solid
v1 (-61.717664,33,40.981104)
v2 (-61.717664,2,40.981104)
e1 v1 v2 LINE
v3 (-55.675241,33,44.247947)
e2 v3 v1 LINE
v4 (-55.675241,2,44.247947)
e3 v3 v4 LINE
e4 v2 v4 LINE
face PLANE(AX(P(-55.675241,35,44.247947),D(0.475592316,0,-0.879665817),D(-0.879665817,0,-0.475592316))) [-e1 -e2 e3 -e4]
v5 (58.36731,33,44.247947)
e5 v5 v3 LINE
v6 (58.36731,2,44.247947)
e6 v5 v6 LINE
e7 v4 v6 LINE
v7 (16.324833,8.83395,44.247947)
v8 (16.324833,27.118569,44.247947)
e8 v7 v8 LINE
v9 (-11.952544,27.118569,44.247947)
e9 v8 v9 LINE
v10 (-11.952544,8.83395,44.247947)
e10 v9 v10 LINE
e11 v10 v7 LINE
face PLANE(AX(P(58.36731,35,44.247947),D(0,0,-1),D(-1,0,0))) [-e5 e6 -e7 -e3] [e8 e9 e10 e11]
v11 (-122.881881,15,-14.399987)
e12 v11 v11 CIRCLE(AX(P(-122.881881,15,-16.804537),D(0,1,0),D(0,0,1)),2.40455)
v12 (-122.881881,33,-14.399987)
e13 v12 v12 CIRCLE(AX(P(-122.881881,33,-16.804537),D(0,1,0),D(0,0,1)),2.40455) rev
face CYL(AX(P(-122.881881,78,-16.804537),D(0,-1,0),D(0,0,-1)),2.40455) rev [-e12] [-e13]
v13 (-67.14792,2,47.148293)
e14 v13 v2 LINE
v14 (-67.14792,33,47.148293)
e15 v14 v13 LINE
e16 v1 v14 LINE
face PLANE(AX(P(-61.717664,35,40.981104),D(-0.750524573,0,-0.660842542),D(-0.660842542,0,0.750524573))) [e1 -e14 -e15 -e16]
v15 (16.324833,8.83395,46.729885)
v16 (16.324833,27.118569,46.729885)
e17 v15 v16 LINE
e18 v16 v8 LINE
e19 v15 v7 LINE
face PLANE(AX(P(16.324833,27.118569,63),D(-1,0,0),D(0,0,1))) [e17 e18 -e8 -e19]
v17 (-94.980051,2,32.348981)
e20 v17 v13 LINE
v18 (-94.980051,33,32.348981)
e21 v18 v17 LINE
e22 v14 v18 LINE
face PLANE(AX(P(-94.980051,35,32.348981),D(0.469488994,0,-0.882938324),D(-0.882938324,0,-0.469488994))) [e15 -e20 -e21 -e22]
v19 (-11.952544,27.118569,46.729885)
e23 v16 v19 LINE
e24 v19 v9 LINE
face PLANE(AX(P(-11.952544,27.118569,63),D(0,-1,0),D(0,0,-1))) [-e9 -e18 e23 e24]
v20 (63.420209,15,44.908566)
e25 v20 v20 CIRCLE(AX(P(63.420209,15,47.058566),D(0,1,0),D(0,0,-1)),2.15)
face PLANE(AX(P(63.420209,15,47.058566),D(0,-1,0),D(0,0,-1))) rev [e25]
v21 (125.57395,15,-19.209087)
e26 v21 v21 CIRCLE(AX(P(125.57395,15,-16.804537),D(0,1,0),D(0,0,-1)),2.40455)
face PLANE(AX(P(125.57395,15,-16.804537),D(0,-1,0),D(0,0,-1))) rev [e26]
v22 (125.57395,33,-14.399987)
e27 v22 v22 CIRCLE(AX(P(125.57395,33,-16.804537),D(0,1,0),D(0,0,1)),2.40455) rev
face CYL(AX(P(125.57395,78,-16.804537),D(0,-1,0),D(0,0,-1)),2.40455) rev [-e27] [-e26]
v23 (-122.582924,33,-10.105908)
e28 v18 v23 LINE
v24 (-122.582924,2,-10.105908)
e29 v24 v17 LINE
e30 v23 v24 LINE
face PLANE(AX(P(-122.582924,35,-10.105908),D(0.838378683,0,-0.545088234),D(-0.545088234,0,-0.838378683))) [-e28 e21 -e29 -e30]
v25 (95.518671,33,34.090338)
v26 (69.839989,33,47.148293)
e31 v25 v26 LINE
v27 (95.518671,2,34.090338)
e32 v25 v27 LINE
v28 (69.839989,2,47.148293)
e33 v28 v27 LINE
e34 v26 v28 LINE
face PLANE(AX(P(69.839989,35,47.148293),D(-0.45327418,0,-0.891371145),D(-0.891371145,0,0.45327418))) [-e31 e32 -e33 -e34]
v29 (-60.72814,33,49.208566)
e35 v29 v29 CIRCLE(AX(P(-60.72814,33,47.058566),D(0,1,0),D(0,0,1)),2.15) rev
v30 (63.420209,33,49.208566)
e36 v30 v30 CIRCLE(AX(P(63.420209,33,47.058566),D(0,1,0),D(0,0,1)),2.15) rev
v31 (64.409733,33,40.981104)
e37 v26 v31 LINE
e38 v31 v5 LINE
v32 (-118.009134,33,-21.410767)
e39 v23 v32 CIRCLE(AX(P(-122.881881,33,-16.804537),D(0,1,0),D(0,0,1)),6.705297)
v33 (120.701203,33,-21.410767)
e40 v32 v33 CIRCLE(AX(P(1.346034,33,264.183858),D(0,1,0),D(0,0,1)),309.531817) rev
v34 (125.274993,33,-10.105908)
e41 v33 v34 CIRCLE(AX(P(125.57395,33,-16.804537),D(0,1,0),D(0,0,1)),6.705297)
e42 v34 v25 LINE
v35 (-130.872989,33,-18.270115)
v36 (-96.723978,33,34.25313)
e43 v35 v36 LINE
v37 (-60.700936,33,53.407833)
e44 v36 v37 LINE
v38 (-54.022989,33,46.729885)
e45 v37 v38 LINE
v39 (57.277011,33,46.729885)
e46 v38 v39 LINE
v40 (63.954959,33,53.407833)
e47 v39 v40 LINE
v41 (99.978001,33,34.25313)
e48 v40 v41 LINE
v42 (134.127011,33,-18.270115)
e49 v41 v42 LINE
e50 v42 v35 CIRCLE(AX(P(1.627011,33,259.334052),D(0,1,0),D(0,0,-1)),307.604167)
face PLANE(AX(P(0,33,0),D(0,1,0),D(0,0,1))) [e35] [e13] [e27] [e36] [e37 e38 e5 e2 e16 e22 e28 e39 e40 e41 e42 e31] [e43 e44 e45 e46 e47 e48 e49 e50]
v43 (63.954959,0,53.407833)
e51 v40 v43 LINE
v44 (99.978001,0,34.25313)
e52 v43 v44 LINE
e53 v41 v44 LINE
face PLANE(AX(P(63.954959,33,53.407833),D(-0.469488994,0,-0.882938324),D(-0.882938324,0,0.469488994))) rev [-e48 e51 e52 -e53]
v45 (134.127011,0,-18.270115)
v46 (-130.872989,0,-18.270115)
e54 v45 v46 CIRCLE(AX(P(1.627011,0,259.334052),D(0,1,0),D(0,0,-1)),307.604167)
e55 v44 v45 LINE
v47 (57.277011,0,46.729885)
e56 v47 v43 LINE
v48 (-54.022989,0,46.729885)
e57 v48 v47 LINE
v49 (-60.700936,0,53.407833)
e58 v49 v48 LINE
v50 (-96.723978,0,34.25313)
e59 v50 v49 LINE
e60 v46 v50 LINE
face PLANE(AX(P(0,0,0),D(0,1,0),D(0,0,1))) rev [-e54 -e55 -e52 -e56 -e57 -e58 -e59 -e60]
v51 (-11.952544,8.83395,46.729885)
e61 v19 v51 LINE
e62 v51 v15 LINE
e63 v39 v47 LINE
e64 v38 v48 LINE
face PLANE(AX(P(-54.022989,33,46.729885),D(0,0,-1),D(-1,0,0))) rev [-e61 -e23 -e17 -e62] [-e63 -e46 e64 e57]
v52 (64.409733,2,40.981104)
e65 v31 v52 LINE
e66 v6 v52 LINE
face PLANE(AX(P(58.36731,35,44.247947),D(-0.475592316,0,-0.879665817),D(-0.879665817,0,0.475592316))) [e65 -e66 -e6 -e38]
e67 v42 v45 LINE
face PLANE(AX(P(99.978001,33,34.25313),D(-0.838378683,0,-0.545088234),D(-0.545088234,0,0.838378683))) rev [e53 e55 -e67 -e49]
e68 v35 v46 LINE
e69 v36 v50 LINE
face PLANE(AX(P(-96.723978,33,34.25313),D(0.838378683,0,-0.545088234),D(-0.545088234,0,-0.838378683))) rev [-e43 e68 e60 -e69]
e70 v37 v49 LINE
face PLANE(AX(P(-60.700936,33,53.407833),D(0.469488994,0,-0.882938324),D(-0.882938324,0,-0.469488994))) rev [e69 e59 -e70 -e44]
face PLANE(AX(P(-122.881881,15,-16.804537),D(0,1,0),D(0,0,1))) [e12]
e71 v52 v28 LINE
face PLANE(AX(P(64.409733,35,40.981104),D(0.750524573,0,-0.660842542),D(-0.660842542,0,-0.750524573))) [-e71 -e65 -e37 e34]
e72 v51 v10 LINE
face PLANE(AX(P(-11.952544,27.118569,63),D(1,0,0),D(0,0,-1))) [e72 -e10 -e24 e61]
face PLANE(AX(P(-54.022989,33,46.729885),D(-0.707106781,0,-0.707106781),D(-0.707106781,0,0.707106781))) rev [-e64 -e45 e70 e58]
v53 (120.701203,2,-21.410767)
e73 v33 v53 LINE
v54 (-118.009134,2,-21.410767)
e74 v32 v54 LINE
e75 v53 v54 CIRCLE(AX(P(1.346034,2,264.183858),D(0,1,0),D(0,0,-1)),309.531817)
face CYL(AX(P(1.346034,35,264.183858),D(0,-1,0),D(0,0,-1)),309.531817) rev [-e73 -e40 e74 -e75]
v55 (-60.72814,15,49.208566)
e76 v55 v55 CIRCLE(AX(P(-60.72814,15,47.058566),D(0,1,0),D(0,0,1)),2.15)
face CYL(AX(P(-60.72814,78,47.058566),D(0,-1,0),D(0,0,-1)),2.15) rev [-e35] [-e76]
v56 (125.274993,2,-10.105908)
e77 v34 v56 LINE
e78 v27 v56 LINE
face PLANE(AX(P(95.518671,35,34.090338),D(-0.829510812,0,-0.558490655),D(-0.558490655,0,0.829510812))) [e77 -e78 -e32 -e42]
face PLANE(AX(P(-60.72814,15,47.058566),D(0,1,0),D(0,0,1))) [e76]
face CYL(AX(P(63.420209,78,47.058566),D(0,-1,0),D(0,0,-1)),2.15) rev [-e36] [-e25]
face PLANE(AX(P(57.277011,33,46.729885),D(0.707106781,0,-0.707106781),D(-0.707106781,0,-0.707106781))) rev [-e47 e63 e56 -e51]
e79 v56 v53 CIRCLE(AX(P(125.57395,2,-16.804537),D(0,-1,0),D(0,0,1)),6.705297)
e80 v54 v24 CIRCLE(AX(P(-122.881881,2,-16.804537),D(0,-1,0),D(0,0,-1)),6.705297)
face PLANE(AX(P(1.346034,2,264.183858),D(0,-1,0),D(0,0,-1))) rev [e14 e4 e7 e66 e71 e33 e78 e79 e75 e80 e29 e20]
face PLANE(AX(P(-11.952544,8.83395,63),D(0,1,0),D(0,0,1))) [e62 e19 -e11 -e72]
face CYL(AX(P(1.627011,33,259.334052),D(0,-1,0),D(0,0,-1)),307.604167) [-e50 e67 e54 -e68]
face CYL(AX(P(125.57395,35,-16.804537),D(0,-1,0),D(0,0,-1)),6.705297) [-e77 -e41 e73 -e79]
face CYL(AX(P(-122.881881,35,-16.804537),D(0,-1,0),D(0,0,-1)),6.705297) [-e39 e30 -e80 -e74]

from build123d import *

# Parameters (mm, degrees)
SKETCH1_W           = 95.3
SKETCH1_H           = 79
BOSS_EXTRUDE1_DEPTH = 33
SKETCH5_W           = 16.412638375
SKETCH5_H           = 11.424483575
CUT_EXTRUDE3_DEPTH  = 51
SKETCH4_W           = 19.8
SKETCH4_H           = 11.7
CUT_EXTRUDE4_DEPTH  = 51
BOSS_EXTRUDE2_START = 30
BOSS_EXTRUDE2_DEPTH = 3
CUT_EXTRUDE6_START  = 2
SKETCH3_W           = 91.3
SKETCH3_H           = 75
CUT_EXTRUDE6_DEPTH  = 33
BOSS_EXTRUDE3_DEPTH = 33
CUT_EXTRUDE7_START  = 2
CUT_EXTRUDE7_DEPTH  = 33
SKETCH13_W          = 28.277376506
SKETCH13_H          = 18.284619395
CUT_EXTRUDE8_DEPTH  = 63
CUT_EXTRUDE9_START  = 15
SKETCH15_R          = 2.404549827
SKETCH15_R_2        = 2.15
CUT_EXTRUDE9_DEPTH  = 63


with BuildPart() as part:
    # Sketch1 → Boss-Extrude1 (new body)
    with BuildSketch(Plane(origin=(0, 0, 0), x_dir=(1, 0, 0), z_dir=(0, 1, 0))):
        with Locations((1.627011494, 0.770114943)):
            Rectangle(SKETCH1_W, SKETCH1_H)
    extrude(amount=BOSS_EXTRUDE1_DEPTH)

    # Sketch5 → Cut-Extrude3 (cut)
    with BuildSketch(Plane(origin=(0, 0, 0), x_dir=(0, 0, -1), z_dir=(1, 0, 0))):
        with Locations((21.044550583, 16.58045411)):
            Rectangle(SKETCH5_W, SKETCH5_H)
    extrude(amount=CUT_EXTRUDE3_DEPTH, mode=Mode.SUBTRACT)

    # Sketch4 → Cut-Extrude4 (cut)
    with BuildSketch(Plane.XY):
        with Locations((-28.653400332, 16.73218903)):
            Rectangle(SKETCH4_W, SKETCH4_H)
    extrude(amount=CUT_EXTRUDE4_DEPTH, mode=Mode.SUBTRACT)

    # Sketch6 → Boss-Extrude2 (add)
    with BuildSketch(Plane(origin=(0, 0, 0), x_dir=(1, 0, 0), z_dir=(0, 1, 0)).offset(BOSS_EXTRUDE2_START)):
        with BuildLine():
            Line((-54.022988506, -46.729885057), (57.277011494, -46.729885057))
            Line((57.277011494, -46.729885057), (57.277011494, 43.194295461))
            ThreePointArc((57.277011494, 43.194295461), (1.627011494, 48.270114943), (-54.022988506, 43.194295461))
            Line((-54.022988506, 43.194295461), (-54.022988506, -46.729885057))
        make_face()
    extrude(amount=BOSS_EXTRUDE2_DEPTH)

    # Sketch3 → Cut-Extrude6 (cut)
    with BuildSketch(Plane(origin=(0, 0, 0), x_dir=(1, 0, 0), z_dir=(0, 1, 0)).offset(CUT_EXTRUDE6_START)):
        with Locations((1.627011494, 0.770114943)):
            Rectangle(SKETCH3_W, SKETCH3_H)
    extrude(amount=CUT_EXTRUDE6_DEPTH, mode=Mode.SUBTRACT)

    # Sketch7 → Boss-Extrude3 (add)
    with BuildSketch(Plane(origin=(0, 0, 0), x_dir=(1, 0, 0), z_dir=(0, 1, 0))):
        with BuildLine():
            Line((-54.022988506, -46.729885057), (-60.700936328, -53.40783288))
            Line((-60.700936328, -53.40783288), (-96.723977713, -34.253129761))
            Line((-96.723977713, -34.253129761), (-130.872988506, 18.270114943))
            ThreePointArc((-130.872988506, 18.270114943), (1.627011494, 48.270114943), (134.127011494, 18.270114943))
            Line((134.127011494, 18.270114943), (99.978000701, -34.253129761))
            Line((99.978000701, -34.253129761), (63.954959317, -53.40783288))
            Line((63.954959317, -53.40783288), (57.277011494, -46.729885057))
            Line((57.277011494, -46.729885057), (-54.022988506, -46.729885057))
        make_face()
    extrude(amount=BOSS_EXTRUDE3_DEPTH)

    # Sketch12 → Cut-Extrude7 (cut)
    with BuildSketch(Plane(origin=(0, 0, 0), x_dir=(1, 0, 0), z_dir=(0, 1, 0)).offset(CUT_EXTRUDE7_START)):
        with BuildLine():
            Line((-55.675241183, -44.247946624), (-61.717664186, -40.981103814))
            Line((-61.717664186, -40.981103814), (-67.147920345, -47.148292557))
            Line((-67.147920345, -47.148292557), (-94.980050769, -32.348981479))
            Line((-94.980050769, -32.348981479), (-122.582923998, 10.105907593))
            ThreePointArc((-122.582923998, 10.105907593), (-116.666047132, 14.289696558), (-118.009133951, 21.410766685))
            ThreePointArc((-118.009133951, 21.410766685), (1.346034443, 45.347959229), (120.701202837, 21.410766685))
            ThreePointArc((120.701202837, 21.410766685), (119.358116018, 14.289696558), (125.274992883, 10.105907593))
            Line((125.274992883, 10.105907593), (95.518671487, -34.090338294))
            Line((95.518671487, -34.090338294), (69.839989231, -47.148292557))
            Line((69.839989231, -47.148292557), (64.409733071, -40.981103814))
            Line((64.409733071, -40.981103814), (58.367310069, -44.247946624))
            Line((58.367310069, -44.247946624), (-55.675241183, -44.247946624))
        make_face()
    extrude(amount=CUT_EXTRUDE7_DEPTH, mode=Mode.SUBTRACT)

    # Sketch13 → Cut-Extrude8 (cut)
    with BuildSketch(Plane.XY):
        with Locations((2.186144679, 17.976259721)):
            Rectangle(SKETCH13_W, SKETCH13_H)
    extrude(amount=CUT_EXTRUDE8_DEPTH, mode=Mode.SUBTRACT)

    # Sketch15 → Cut-Extrude9 (cut)
    with BuildSketch(Plane(origin=(0, 0, 0), x_dir=(1, 0, 0), z_dir=(0, 1, 0)).offset(CUT_EXTRUDE9_START)):
        with Locations(Location((-122.881880972, 16.804537187, 0), (0, 0, 270))):
            Circle(SKETCH15_R)
        with Locations(Location((-60.728139954, -47.058565961, 0), (0, 0, 270))):
            Circle(SKETCH15_R_2)
        with Locations(Location((63.420208839, -47.058565961, 0), (0, 0, 90))):
            Circle(SKETCH15_R_2)
        with Locations(Location((125.573949857, 16.804537187, 0), (0, 0, 90))):
            Circle(SKETCH15_R)
    extrude(amount=CUT_EXTRUDE9_DEPTH, mode=Mode.SUBTRACT)


solid = part.part
